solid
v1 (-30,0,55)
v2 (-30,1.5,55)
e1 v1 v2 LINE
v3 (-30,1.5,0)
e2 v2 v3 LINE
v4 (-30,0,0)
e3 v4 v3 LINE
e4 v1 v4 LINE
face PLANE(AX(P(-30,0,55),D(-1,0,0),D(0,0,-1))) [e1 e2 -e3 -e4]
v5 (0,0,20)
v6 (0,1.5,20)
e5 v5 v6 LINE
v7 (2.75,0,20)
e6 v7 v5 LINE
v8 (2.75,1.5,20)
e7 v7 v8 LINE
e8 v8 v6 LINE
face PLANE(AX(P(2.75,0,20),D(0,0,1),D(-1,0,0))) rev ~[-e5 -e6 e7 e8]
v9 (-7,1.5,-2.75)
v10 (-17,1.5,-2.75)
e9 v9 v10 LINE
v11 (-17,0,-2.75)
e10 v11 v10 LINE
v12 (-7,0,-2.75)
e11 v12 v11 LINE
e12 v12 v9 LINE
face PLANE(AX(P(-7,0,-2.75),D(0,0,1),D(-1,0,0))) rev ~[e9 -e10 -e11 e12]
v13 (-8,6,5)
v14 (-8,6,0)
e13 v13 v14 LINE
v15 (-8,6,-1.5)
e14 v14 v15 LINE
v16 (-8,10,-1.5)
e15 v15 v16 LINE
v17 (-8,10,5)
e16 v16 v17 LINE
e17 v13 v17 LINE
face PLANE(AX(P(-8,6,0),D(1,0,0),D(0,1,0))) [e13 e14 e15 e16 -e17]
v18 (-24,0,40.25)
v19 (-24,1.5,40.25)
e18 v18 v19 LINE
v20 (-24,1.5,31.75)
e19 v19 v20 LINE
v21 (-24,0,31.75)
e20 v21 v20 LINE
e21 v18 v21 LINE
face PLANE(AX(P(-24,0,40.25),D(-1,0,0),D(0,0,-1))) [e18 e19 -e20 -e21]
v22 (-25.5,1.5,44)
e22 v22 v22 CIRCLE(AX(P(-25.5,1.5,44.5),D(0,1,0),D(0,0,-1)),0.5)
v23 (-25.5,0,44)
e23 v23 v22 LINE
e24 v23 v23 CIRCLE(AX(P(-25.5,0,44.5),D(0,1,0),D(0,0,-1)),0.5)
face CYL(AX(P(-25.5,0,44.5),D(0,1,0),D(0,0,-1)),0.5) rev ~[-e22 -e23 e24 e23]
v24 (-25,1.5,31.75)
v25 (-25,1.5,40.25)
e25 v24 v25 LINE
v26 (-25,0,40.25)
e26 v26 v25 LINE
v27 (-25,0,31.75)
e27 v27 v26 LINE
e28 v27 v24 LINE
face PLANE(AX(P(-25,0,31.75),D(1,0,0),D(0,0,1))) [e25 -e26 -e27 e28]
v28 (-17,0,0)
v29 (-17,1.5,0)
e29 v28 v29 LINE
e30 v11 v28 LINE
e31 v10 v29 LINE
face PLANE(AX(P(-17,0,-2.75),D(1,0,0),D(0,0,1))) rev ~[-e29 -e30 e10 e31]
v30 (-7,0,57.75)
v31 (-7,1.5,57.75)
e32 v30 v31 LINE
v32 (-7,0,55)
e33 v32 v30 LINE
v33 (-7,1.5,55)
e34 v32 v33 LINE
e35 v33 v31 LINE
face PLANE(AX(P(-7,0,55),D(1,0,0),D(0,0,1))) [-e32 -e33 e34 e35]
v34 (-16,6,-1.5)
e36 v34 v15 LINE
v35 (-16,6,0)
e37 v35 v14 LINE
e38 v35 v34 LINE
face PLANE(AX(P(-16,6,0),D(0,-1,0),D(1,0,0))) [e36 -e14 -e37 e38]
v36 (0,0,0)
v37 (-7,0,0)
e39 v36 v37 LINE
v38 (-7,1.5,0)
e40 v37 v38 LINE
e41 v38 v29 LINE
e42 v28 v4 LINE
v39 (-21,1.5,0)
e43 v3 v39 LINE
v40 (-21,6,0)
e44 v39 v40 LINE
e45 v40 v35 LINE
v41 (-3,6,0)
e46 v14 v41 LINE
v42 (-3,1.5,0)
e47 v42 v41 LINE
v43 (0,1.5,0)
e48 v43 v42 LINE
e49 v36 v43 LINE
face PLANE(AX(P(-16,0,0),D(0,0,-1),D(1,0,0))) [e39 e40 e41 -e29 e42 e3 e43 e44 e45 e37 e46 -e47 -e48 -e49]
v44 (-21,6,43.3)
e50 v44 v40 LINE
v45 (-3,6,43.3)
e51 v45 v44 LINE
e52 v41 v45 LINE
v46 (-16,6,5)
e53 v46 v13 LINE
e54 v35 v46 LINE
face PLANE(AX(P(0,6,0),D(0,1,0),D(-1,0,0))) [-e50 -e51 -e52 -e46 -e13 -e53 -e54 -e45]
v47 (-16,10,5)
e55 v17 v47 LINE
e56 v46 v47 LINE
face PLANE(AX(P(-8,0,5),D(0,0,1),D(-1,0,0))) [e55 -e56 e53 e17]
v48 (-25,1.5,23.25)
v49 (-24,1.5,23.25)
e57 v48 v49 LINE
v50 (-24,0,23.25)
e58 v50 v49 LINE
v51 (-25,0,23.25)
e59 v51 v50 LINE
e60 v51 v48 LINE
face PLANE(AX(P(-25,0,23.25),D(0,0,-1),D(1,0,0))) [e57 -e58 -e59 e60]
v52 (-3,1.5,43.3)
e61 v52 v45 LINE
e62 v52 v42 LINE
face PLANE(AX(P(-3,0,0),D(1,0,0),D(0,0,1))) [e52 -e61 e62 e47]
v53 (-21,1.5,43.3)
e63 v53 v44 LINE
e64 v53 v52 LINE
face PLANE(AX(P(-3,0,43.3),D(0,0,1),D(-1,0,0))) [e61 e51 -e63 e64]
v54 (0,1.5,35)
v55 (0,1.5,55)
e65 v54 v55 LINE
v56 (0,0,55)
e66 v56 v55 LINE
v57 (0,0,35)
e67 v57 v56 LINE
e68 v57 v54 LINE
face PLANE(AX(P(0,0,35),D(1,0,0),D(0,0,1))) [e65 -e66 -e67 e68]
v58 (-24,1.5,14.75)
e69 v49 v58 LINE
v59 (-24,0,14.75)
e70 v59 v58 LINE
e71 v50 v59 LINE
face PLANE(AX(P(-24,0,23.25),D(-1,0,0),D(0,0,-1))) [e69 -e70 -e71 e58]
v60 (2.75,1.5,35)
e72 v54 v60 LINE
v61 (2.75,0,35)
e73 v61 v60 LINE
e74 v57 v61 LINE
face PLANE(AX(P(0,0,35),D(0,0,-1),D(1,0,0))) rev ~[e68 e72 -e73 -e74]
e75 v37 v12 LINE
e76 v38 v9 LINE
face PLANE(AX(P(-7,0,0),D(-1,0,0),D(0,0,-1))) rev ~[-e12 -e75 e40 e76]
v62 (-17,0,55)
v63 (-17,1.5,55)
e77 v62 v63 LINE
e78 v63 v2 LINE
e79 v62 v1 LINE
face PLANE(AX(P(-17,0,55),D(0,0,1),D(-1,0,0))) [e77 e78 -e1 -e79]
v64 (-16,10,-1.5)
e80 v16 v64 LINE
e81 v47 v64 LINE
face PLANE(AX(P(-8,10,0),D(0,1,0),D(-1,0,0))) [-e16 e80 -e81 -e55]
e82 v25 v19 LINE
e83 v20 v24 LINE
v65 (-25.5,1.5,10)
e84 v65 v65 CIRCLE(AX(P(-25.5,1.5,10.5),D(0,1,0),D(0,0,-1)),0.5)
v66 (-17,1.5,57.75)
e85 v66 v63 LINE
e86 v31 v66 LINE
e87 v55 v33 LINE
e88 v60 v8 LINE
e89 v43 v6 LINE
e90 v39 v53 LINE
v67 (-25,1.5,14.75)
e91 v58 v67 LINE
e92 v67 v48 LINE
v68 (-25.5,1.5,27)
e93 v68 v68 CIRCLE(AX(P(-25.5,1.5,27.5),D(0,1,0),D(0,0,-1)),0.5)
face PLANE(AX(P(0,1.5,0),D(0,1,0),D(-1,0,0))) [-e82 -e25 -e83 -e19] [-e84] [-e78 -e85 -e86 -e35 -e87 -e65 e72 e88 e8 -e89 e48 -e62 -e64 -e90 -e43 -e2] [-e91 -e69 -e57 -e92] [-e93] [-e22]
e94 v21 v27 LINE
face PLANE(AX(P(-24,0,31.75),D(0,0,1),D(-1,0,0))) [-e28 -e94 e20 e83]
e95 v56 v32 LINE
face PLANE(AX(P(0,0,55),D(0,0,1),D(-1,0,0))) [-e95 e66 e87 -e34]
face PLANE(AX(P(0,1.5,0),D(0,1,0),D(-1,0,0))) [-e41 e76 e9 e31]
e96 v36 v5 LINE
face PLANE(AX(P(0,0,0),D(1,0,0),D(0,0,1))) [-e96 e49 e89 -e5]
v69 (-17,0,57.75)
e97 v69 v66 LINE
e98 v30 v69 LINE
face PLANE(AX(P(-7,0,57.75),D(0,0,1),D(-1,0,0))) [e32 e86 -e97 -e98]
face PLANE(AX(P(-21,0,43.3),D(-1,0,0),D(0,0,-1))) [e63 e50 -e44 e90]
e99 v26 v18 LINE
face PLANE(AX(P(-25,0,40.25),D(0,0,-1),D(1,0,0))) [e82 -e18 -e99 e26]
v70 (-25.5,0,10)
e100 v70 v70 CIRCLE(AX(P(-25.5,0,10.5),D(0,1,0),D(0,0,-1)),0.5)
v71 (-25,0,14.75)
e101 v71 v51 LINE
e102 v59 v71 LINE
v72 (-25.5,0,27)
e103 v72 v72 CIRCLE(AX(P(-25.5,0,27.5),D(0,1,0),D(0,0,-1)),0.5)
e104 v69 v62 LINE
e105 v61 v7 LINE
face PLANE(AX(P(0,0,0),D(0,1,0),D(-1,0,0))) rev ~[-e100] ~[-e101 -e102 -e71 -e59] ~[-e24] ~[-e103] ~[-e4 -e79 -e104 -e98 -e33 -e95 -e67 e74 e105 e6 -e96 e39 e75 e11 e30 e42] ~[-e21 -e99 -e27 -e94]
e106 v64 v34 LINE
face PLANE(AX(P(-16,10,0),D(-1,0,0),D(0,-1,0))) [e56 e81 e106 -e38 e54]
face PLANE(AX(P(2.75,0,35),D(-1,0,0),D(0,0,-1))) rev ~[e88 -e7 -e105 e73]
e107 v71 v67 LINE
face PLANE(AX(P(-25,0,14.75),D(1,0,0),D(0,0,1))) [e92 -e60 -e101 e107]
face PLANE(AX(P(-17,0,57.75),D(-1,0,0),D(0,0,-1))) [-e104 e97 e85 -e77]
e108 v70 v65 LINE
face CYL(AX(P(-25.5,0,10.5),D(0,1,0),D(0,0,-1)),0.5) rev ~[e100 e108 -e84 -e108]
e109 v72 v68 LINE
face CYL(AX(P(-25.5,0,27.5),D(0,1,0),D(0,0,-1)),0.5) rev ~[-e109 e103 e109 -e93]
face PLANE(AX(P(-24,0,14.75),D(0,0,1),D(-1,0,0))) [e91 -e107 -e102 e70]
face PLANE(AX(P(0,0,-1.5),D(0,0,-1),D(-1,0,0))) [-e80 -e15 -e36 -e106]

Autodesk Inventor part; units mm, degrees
ref_plane "YZ Plane" through (0, 0, 0) normal (1, 0, 0) x (0, 1, 0)
ref_plane "XZ Plane" through (0, 0, 0) normal (0, 1, 0) x (-1, 0, 0)
ref_plane "XY Plane" through (0, 0, 0) normal (0, 0, 1) x (1, 0, 0)
sketch "Sketch1" plane through (0, 0, 0) normal (0, 1, 0) x (-1, 0, 0)
  line L0 (30, 0) -> (0, 0)
  line L1 (3, 0) -> (3, 43.3)
  line L2 (3, 43.3) -> (21, 43.3)
  line L3 (21, 43.3) -> (21, 0)
  line L4 (15, -19.2684) -> (15, 39.5149) construction
  line L5 (8, 5) -> (16, 5)
  line L6 (16, 5) -> (16, 0)
  line L7 (8, 0) -> (8, 5)
  line L8 (7, 55) -> (7, 57.75)
  line L9 (7, 57.75) -> (17, 57.75)
  line L10 (17, 57.75) -> (17, 55)
  line L11 (0, 55) -> (7, 55)
  line L12 (17, 55) -> (30, 55)
  line L13 (0, 0) -> (0, 55)
  line L14 (30, 55) -> (30, 0)
  line L15 (7, 0) -> (7, -2.75)
  line L16 (7, -2.75) -> (17, -2.75)
  line L17 (17, -2.75) -> (17, 0)
  line L18 (0, 35) -> (-2.75, 35)
  line L19 (-2.75, 35) -> (-2.75, 20)
  line L20 (-2.75, 20) -> (0, 20)
  line L21 (25, 14.75) -> (25, 23.25)
  line L22 (25, 23.25) -> (24, 23.25)
  line L23 (24, 23.25) -> (24, 14.75)
  line L24 (24, 14.75) -> (25, 14.75)
  line L25 (24, 31.75) -> (25, 31.75)
  line L26 (25, 31.75) -> (25, 40.25)
  line L27 (25, 40.25) -> (24, 40.25)
  line L28 (24, 40.25) -> (24, 31.75)
  line L29 (12, 13) -> (12, 28.6373) construction
  point P0 (0, 0)
  point P1 (0, 0)
  point P2 (0, 0)
  point P3 (0, 0)
  point P4 (25.5, 44.5)
  point P5 (25.5, 27.5)
  point P6 (25.5, 10.5)
  dimension "d47" = 18
  dimension "d49" = 43.3
  dimension "d50" = 5
  dimension "d51" = 8
  dimension "d52" = 30
  dimension "d53" = 55
  dimension "d123" = 10
  dimension "d126" = 2.75
  dimension "d134" = 10
  dimension "d136" = 2.75
  dimension "d146" = 2.75
  dimension "d151" = 8.5
  dimension "d153" = 1
  dimension "d155" = 5
  dimension "d156" = 3
  dimension "d157" = 7
  dimension "d158" = 10.5
  dimension "d159" = 17
  dimension "d160" = 17
  dimension "d161" = 4.25
  dimension "d162" = 4.25
  dimension "d171" = 13
  dimension "d172" = 7
  dimension "d173" = 20
  dimension "d174" = 20
  dimension "d175" = 15
  dimension "d176" = 4.5
extrude "Extrusion1" add sketch "Sketch1" along normal blind 1.5
extrude "Extrusion2" add sketch "Sketch1" along normal blind 6 contours L0 L6 L5 L7 L1 L2 L3 | L0 L7 L5 L6
sketch "Sketch2" plane through (0, 0, 0) normal (0, 0, -1) x (-1, 0, 0)
  line L0 (8, 10) -> (16, 10)
  line L1 (16, 10) -> (16, 6)
  line L2 (16, 6) -> (8, 6)
  line L3 (8, 6) -> (8, 10)
  line L4 (0, 0) -> (7, 0) projected
  line L5 (16, 6) -> (16, 10)
  line L6 (12, 9) -> (12, -2.5232) construction
  line L7 (3, 1.5) -> (3, 6) projected
  line L8 (7, 1.5) -> (17, 1.5) projected
  point P0 (30, 0)
  point P1 (21.75, 6)
  point P2 (12, 1.5)
  dimension "d100" = 4
  dimension "d101" = 8
extrude "Extrusion7" add sketch "Sketch2" along normal blind 1.5
extrude "Extrusion9" cut sketch "Sketch1" along normal blind 10 contours L0 L7 L5 L6
extrude "Extrusion10" add sketch "Sketch1" along normal blind 10 contours L0 L7 L5 L6
hole "Hole1" at (-25.5, 0, 44.5) at (-25.5, 0, 27.5) at (-25.5, 0, 10.5) direction (0, 1, 0) diameter 1 end through all
properties part number "Motherboard_dummy" material "ABS Plastic"
